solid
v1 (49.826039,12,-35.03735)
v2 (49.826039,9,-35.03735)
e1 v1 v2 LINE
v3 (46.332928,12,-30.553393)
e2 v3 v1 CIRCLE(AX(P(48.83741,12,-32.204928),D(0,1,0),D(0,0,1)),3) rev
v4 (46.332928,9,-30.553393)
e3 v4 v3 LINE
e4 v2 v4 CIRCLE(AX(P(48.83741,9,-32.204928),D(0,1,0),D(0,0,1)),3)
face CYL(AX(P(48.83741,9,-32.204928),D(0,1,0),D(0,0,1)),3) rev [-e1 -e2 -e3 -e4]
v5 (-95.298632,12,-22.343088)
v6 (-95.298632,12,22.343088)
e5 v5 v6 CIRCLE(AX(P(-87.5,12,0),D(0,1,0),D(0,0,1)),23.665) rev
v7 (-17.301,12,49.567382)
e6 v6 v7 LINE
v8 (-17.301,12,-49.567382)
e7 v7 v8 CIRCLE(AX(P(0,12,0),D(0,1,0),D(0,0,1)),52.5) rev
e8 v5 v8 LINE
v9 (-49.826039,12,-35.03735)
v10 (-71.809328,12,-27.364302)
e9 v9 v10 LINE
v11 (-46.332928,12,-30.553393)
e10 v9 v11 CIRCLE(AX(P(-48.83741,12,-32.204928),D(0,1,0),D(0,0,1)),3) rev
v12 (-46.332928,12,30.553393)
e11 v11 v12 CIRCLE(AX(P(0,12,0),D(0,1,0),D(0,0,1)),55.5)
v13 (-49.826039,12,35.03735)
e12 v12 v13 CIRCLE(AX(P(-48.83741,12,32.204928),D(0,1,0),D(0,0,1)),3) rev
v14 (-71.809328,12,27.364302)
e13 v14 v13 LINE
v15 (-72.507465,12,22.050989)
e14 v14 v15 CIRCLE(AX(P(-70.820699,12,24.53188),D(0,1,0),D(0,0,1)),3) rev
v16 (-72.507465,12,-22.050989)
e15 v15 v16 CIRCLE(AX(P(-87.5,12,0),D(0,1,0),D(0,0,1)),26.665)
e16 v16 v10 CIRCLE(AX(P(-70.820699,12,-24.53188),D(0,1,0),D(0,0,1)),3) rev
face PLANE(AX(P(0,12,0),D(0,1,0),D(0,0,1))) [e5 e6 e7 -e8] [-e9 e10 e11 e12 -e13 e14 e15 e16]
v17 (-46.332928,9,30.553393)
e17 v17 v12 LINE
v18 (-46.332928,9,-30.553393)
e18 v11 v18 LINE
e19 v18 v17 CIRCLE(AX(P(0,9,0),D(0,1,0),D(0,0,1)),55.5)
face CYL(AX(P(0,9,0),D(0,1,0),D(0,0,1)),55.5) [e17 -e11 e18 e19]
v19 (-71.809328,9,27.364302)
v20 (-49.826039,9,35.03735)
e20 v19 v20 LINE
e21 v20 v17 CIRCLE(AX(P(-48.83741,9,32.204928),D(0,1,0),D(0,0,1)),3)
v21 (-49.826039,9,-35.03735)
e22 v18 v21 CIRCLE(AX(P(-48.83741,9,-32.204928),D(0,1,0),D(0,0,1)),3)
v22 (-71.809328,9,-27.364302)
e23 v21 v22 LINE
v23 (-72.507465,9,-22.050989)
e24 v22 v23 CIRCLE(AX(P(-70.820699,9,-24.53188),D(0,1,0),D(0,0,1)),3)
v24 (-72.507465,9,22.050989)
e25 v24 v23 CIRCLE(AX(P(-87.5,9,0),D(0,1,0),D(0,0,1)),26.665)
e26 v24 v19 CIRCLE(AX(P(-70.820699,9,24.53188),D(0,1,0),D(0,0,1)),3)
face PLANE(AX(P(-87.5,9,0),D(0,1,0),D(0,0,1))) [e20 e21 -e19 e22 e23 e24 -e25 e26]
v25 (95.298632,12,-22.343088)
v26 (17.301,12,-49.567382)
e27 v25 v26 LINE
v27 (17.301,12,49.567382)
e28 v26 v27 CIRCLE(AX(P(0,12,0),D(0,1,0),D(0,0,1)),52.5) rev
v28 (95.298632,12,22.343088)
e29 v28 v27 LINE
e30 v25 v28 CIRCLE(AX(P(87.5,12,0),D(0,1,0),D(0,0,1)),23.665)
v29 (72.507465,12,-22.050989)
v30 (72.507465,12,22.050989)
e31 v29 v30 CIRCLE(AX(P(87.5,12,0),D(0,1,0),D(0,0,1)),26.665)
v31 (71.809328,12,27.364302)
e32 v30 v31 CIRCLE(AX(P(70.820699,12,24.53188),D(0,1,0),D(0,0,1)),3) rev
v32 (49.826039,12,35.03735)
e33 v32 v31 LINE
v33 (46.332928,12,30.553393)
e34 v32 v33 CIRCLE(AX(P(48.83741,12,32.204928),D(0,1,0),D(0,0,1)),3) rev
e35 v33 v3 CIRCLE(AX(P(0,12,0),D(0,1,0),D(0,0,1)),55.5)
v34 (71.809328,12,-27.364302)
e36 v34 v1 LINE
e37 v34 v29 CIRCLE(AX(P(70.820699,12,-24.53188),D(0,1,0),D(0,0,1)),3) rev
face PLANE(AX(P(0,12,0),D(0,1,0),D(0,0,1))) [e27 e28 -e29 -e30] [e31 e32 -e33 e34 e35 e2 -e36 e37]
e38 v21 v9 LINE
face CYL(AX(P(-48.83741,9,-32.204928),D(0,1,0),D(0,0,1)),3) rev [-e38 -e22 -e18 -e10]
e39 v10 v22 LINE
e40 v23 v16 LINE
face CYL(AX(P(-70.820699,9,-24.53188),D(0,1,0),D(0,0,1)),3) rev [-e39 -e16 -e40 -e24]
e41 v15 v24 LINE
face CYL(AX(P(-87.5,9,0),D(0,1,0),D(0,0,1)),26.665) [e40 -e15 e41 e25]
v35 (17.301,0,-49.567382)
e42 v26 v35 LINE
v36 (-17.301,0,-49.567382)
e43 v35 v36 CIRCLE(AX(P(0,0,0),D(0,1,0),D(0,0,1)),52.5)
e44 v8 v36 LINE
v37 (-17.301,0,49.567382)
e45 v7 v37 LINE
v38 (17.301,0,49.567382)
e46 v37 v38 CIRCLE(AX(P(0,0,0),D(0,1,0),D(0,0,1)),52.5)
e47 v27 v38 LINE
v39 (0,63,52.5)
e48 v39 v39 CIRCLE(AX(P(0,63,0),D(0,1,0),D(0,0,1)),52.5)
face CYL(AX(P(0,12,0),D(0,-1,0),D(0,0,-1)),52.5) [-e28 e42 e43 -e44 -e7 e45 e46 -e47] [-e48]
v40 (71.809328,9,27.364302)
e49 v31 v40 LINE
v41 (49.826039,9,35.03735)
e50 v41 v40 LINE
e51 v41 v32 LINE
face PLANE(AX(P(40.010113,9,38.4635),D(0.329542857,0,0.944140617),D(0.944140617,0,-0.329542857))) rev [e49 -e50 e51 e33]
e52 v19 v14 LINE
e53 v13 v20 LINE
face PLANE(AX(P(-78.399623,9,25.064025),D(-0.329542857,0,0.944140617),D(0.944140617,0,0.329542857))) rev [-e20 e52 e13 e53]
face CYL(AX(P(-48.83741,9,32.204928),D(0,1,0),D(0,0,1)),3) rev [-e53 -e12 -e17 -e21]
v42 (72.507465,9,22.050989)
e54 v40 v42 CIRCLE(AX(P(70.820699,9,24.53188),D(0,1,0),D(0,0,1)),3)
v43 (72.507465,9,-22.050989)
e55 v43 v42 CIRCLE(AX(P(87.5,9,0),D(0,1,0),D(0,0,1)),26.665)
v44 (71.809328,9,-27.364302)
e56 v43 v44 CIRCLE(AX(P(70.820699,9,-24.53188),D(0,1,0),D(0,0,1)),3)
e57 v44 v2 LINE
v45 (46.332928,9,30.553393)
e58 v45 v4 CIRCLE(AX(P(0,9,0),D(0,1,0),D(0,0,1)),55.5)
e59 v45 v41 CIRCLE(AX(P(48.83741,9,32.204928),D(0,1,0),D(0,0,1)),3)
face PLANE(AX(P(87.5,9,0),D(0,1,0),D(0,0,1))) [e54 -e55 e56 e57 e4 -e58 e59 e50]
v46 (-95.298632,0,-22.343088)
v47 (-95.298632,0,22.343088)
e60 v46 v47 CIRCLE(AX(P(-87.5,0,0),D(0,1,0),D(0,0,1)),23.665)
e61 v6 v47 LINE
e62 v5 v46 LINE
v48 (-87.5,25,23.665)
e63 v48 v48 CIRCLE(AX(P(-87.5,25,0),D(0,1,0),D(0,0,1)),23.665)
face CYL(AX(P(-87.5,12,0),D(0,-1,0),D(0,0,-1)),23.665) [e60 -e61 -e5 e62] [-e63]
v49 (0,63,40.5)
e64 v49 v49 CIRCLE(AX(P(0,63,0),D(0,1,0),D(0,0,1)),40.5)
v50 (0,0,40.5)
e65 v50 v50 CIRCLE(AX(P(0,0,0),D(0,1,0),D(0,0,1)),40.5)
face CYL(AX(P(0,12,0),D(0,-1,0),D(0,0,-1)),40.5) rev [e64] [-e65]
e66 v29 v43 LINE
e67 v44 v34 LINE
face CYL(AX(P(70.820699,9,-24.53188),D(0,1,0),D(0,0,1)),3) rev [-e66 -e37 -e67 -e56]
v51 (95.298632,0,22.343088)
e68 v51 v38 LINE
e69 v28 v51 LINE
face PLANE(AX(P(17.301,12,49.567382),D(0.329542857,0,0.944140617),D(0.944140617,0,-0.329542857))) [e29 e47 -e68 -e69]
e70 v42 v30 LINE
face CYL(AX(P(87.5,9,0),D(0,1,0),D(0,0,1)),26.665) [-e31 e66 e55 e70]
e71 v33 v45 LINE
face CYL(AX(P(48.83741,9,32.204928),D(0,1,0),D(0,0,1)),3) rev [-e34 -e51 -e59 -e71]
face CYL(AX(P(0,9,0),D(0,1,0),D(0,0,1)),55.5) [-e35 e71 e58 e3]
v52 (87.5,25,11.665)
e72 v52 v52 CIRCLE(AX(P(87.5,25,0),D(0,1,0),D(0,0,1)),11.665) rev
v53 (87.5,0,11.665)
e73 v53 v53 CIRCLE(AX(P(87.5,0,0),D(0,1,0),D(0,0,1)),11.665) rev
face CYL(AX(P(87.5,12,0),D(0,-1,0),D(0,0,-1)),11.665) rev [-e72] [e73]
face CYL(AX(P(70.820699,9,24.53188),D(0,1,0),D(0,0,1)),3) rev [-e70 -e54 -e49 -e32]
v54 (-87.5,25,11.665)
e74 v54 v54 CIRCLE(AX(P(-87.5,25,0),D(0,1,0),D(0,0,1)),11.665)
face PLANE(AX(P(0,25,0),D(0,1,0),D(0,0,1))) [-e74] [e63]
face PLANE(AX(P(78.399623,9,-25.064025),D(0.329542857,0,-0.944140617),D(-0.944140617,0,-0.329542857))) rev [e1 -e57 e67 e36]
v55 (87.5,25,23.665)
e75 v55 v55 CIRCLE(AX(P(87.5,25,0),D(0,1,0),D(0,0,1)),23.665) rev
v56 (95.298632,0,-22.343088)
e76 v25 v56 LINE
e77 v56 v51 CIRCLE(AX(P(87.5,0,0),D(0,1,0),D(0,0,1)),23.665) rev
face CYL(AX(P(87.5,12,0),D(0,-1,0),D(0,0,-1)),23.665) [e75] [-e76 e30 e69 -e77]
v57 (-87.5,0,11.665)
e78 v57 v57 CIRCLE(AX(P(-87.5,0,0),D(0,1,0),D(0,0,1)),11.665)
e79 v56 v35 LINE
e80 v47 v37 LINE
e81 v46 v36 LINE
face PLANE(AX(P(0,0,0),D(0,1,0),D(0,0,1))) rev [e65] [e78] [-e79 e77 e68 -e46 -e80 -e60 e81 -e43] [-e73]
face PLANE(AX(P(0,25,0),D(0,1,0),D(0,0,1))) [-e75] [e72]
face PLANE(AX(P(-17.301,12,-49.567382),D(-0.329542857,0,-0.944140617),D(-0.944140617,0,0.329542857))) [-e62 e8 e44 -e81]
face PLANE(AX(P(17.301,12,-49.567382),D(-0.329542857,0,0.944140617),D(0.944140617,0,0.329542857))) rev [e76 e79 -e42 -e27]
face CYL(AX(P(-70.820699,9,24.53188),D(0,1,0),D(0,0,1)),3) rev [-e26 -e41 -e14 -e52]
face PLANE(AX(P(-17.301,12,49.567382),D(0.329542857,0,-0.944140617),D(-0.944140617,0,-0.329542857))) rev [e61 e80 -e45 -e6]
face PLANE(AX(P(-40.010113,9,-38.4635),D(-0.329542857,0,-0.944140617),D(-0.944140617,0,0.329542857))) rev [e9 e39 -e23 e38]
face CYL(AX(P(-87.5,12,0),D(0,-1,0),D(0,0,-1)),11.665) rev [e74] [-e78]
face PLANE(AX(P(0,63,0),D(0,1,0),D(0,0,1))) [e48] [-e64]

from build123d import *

# Parameters (mm, degrees)
SKETCH1_R           = 40.5
SKETCH1_R_2         = 11.665
BOSS_EXTRUDE1_DEPTH = 12
SKETCH1_3_R         = 23.665
SKETCH1_3_R_2       = 11.665
SKETCH1_3_R_3       = 52.5
SKETCH1_3_R_4       = 40.5
BOSS_EXTRUDE2_DEPTH = 25
SKETCH1_4_R         = 40.5
BOSS_EXTRUDE3_DEPTH = 63
CUT_EXTRUDE1_DEPTH  = 3
FILLET1_R           = 3
FILLET2_R           = 3


with BuildPart() as part:
    # Sketch1 → Boss-Extrude1 (new body)
    with BuildSketch(Plane(origin=(0, 0, 0), x_dir=(1, 0, 0), z_dir=(0, 1, 0))):
        with BuildLine():
            Line((-17.301, 49.56738241), (-95.298631714, 22.343087709))
            ThreePointArc((-95.298631714, 22.343087709), (-111.165, 0), (-95.298631714, -22.343087709))
            Line((-95.298631714, -22.343087709), (-17.301, -49.56738241))
            ThreePointArc((-17.301, -49.56738241), (0, -52.5), (17.301, -49.56738241))
            Line((17.301, -49.56738241), (95.298631714, -22.343087709))
            ThreePointArc((95.298631714, -22.343087709), (111.165, 0), (95.298631714, 22.343087709))
            Line((95.298631714, 22.343087709), (17.301, 49.56738241))
            ThreePointArc((17.301, 49.56738241), (0, 52.5), (-17.301, 49.56738241))
        make_face()
        Circle(SKETCH1_R, mode=Mode.SUBTRACT)
        with Locations((-87.5, 0)):
            Circle(SKETCH1_R_2, mode=Mode.SUBTRACT)
        with Locations((87.5, 0)):
            Circle(SKETCH1_R_2, mode=Mode.SUBTRACT)
    extrude(amount=BOSS_EXTRUDE1_DEPTH)

    # Sketch1<3> → Boss-Extrude2 (add)
    # profile 1 of 3: a face of its own
    with BuildSketch(Plane(origin=(0, 0, 0), x_dir=(1, 0, 0), z_dir=(0, 1, 0))):
        with Locations((-87.5, 0)):
            Circle(SKETCH1_3_R)
        with Locations((-87.5, 0)):
            Circle(SKETCH1_3_R_2, mode=Mode.SUBTRACT)
    # profile 2 of 3: a face of its own
    with BuildSketch(Plane(origin=(0, 0, 0), x_dir=(1, 0, 0), z_dir=(0, 1, 0))):
        Circle(SKETCH1_3_R_3)
        Circle(SKETCH1_3_R_4, mode=Mode.SUBTRACT)
    # profile 3 of 3: a face of its own
    with BuildSketch(Plane(origin=(0, 0, 0), x_dir=(1, 0, 0), z_dir=(0, 1, 0))):
        with Locations((87.5, 0)):
            Circle(SKETCH1_3_R)
        with Locations((87.5, 0)):
            Circle(SKETCH1_3_R_2, mode=Mode.SUBTRACT)
    extrude(amount=BOSS_EXTRUDE2_DEPTH)

    # Sketch1<4> → Boss-Extrude3 (add)
    with BuildSketch(Plane(origin=(0, 0, 0), x_dir=(1, 0, 0), z_dir=(0, 1, 0))):
        with BuildLine():
            ThreePointArc((17.301, 49.56738241), (0, 52.5), (-17.301, 49.56738241))
            ThreePointArc((-17.301, 49.56738241), (-52.5, 0), (-17.301, -49.56738241))
            ThreePointArc((-17.301, -49.56738241), (0, -52.5), (17.301, -49.56738241))
            ThreePointArc((17.301, -49.56738241), (42.805096075, -30.396936523), (52.5, 0))
            ThreePointArc((52.5, 0), (42.805096075, 30.396936523), (17.301, 49.56738241))
        make_face()
        Circle(SKETCH1_4_R, mode=Mode.SUBTRACT)
    extrude(amount=BOSS_EXTRUDE3_DEPTH)

    # Sketch2 → Cut-Extrude1 (cut)
    with BuildSketch(Plane(origin=(0, 12, 0), x_dir=(1, 0, 0), z_dir=(0, 1, 0))):
        with BuildLine():
            Line((-78.3996229, -25.064025248), (-40.010112847, -38.46350049))
            ThreePointArc((-40.010112847, -38.46350049), (-55.5, 0), (-40.010112847, 38.46350049))
            Line((-40.010112847, 38.46350049), (-78.3996229, 25.064025248))
            ThreePointArc((-78.3996229, 25.064025248), (-60.835, 0), (-78.3996229, -25.064025248))
        make_face()
        with BuildLine():
            Line((78.3996229, 25.064025248), (40.010112847, 38.46350049))
            ThreePointArc((40.010112847, 38.46350049), (55.5, 0), (40.010112847, -38.46350049))
            Line((40.010112847, -38.46350049), (78.3996229, -25.064025248))
            ThreePointArc((78.3996229, -25.064025248), (60.835, 0), (78.3996229, 25.064025248))
        make_face()
    extrude(amount=-CUT_EXTRUDE1_DEPTH, mode=Mode.SUBTRACT)

    # Fillet1
    fillet1_edges = [part.edges().sort_by_distance(p)[0] for p in [
        (-78.3996229, 10.5, -25.064025248),
        (-78.3996229, 10.5, 25.064025248),
        (-40.010112847, 10.5, 38.46350049),
        (-40.010112847, 10.5, -38.46350049),
    ]]
    fillet(fillet1_edges, radius=FILLET1_R)

    # Fillet2
    fillet2_edges = [part.edges().sort_by_distance(p)[0] for p in [
        (78.3996229, 10.5, 25.064025248),
        (78.3996229, 10.5, -25.064025248),
        (40.010112847, 10.5, -38.46350049),
        (40.010112847, 10.5, 38.46350049),
    ]]
    fillet(fillet2_edges, radius=FILLET2_R)


solid = part.part
